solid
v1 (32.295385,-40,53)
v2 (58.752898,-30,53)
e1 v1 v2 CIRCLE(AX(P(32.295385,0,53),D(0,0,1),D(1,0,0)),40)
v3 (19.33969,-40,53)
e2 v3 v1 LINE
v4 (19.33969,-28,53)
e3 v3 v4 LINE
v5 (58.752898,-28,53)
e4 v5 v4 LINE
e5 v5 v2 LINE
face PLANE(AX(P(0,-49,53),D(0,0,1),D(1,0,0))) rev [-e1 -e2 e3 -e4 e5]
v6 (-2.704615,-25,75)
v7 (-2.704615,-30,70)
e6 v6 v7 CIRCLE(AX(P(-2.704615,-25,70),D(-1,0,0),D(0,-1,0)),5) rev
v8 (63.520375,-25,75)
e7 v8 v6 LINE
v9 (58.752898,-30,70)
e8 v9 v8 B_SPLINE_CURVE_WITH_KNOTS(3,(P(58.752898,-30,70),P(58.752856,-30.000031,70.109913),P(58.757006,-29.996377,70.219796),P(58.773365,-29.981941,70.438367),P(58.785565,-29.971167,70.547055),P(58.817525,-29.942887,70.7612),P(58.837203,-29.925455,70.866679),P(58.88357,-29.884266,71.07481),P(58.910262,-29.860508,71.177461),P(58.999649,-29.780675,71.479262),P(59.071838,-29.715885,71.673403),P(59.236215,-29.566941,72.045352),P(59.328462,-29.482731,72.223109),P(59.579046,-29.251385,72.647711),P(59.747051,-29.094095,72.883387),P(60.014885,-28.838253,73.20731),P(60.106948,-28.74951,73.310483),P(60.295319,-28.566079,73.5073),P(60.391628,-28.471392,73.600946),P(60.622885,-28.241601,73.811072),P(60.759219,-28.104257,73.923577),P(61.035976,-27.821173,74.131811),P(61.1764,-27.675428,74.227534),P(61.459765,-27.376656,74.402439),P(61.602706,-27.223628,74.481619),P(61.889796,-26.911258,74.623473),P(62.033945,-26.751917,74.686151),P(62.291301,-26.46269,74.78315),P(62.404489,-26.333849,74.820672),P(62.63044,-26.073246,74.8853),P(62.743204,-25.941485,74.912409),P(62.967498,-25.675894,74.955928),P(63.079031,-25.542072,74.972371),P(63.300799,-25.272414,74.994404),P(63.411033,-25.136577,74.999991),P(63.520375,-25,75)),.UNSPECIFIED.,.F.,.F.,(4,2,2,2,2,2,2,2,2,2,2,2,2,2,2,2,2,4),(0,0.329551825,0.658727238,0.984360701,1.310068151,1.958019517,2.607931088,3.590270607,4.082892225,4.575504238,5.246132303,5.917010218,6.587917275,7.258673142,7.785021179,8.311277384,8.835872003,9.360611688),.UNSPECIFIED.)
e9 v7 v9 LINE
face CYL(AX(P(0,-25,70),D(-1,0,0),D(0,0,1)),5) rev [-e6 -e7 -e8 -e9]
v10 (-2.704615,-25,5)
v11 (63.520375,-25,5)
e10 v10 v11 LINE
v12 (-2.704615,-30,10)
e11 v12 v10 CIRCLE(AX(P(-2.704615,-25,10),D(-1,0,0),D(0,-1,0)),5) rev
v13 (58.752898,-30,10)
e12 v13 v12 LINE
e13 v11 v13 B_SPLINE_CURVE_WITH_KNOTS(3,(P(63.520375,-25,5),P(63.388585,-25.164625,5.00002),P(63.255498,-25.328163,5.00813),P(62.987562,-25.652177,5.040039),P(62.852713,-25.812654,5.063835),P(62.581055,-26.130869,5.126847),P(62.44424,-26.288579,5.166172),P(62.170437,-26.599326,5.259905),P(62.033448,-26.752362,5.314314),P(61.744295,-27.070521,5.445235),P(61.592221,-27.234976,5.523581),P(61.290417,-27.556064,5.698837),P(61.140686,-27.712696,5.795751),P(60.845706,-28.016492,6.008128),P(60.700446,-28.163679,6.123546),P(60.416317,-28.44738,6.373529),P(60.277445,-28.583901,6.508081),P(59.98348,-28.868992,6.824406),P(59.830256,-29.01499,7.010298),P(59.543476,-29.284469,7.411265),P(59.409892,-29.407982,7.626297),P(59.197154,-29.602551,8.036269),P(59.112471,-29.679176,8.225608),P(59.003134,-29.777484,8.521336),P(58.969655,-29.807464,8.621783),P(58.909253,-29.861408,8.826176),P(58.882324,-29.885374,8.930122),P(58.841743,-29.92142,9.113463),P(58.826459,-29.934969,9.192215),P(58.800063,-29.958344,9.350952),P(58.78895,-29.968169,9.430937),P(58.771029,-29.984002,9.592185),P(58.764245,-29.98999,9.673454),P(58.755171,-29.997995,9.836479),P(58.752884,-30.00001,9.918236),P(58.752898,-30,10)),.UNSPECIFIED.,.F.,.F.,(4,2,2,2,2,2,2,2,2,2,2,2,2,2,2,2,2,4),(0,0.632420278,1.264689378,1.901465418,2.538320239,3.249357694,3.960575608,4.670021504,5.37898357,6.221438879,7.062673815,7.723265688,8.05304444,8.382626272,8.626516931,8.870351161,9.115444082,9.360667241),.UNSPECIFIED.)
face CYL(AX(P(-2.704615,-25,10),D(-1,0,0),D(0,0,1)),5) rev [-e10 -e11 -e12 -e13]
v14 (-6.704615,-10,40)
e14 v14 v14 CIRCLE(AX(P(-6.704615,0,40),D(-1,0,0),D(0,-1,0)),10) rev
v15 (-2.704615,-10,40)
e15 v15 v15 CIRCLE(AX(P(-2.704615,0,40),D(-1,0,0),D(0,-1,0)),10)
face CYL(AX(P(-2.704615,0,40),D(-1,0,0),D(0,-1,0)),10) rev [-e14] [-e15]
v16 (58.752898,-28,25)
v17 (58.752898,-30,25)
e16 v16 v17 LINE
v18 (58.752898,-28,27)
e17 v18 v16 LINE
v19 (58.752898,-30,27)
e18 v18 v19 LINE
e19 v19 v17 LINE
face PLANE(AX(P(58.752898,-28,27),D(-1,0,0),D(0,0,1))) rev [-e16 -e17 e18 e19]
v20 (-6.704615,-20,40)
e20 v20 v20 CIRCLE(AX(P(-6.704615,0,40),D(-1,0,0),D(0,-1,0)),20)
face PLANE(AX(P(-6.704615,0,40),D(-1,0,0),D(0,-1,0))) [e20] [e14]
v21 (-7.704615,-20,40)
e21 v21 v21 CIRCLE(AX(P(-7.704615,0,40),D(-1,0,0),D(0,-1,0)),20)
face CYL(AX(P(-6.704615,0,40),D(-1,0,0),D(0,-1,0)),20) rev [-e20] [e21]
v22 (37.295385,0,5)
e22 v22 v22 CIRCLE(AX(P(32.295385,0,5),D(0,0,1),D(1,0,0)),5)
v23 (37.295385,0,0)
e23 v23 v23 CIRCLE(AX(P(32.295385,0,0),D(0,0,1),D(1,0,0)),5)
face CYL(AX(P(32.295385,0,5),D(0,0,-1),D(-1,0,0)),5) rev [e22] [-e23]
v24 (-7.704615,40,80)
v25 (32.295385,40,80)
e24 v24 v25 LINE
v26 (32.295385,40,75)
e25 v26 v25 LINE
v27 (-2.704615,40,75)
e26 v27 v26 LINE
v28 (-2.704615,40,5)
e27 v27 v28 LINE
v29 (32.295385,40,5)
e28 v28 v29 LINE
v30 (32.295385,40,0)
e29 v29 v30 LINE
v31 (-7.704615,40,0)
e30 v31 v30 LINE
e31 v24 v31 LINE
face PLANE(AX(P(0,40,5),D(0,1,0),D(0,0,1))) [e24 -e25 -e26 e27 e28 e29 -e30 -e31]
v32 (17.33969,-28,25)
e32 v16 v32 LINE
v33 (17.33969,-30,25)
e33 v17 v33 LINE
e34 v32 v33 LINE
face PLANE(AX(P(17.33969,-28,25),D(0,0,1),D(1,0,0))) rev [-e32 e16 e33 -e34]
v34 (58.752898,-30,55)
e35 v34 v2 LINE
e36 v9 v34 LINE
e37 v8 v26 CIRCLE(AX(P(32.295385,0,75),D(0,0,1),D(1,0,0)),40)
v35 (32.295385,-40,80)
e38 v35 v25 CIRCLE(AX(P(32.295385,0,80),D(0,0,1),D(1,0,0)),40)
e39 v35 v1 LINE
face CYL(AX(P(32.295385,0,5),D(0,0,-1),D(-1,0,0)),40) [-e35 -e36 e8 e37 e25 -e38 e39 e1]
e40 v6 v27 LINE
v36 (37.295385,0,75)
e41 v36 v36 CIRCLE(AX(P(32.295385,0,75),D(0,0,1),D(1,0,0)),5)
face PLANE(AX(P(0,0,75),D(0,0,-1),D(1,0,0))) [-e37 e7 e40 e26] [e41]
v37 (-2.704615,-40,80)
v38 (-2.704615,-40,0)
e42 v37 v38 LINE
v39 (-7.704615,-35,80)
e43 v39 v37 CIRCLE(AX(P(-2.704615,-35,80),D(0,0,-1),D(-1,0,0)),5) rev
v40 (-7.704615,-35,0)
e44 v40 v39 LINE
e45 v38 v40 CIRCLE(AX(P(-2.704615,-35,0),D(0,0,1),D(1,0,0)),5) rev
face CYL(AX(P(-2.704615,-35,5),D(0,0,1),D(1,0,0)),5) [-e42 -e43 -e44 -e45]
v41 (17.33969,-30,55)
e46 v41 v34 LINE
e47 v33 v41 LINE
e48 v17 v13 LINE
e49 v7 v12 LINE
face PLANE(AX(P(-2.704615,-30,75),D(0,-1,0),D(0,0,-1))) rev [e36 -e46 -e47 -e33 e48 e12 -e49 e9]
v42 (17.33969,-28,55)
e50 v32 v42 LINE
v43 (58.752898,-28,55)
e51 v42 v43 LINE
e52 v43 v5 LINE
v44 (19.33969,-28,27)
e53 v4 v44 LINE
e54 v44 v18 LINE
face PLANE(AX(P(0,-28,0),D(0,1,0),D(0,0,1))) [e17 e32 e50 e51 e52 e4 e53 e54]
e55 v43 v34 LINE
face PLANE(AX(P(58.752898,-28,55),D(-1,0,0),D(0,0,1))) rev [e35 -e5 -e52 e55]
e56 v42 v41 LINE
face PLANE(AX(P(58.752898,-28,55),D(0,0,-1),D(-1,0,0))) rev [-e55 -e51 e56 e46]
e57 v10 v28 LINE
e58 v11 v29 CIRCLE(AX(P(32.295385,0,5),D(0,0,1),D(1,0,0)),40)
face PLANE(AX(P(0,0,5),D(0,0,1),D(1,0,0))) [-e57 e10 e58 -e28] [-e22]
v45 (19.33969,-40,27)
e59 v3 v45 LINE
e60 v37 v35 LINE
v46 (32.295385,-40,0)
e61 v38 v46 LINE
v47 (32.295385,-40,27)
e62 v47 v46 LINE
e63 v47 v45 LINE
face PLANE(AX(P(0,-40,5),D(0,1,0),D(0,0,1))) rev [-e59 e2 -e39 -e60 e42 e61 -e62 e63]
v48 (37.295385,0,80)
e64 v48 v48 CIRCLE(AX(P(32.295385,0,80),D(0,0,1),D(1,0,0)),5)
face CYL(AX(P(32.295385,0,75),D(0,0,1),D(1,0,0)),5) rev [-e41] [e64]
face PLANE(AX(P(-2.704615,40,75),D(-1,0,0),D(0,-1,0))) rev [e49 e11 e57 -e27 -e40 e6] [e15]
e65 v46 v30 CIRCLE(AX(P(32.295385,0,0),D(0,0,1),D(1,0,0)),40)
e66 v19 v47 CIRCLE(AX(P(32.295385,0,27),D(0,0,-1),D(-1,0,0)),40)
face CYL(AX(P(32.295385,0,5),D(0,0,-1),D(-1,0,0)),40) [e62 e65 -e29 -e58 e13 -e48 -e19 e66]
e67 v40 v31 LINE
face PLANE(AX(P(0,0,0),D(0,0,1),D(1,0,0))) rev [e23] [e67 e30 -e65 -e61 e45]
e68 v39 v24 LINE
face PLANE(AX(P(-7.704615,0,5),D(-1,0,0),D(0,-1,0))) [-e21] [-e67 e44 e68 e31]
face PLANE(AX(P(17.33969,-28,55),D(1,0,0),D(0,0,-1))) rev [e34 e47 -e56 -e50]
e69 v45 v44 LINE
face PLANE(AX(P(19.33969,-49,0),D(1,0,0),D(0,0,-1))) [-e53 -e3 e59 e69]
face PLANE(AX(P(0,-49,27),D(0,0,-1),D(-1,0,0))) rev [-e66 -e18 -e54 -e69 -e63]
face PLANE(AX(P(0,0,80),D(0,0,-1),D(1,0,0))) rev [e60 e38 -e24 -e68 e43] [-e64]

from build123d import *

# Parameters (mm, degrees)
SKETCH1_R           = 4.9999999999999964
BOSS_EXTRUDE1_DEPTH = 5
BOSS_EXTRUDE2_DEPTH = 70
BOSS_EXTRUDE3_DEPTH = 70
CUT_EXTRUDE1_DEPTH  = 5
SKETCH6_R           = 20.000000000000004
CUT_EXTRUDE2_DEPTH  = 1
CUT_EXTRUDE3_DEPTH  = 19.000000000000004
BOSS_EXTRUDE4_DEPTH = 1.9999999999999896
FILLET1_R           = 5


with BuildPart() as part:
    # Sketch1 → Boss-Extrude1 (new body)
    with BuildSketch(Plane.XY):
        with BuildLine():
            Line((-7.704615384615421, -40.00000000000001), (32.295384615384584, -40.00000000000001))
            ThreePointArc((32.295384615384584, -40.00000000000001), (72.29538461538459, 0), (32.29538461538458, 39.99999999999999))
            Line((32.29538461538458, 39.99999999999999), (-7.7046153846154315, 39.99999999999999))
            Line((-7.7046153846154315, 39.99999999999999), (-7.704615384615421, -40.00000000000001))
        make_face()
        with Locations((32.295384615384584, 0)):
            Circle(SKETCH1_R, mode=Mode.SUBTRACT)
    boss_extrude1 = extrude(amount=BOSS_EXTRUDE1_DEPTH)

    # Sketch2 → Boss-Extrude2 (add)
    with BuildSketch(Plane.XY.offset(5)):
        Polygon((-7.7046153846154315, 39.99999999999999), (-2.70461538461543, 39.99999999999999), (-2.7046153846154235, -40.00000000000001), (-7.704615384615421, -40.00000000000001), align=None)
    extrude(amount=BOSS_EXTRUDE2_DEPTH)

    # Mirror1: Boss-Extrude1 across plane
    add(boss_extrude1.mirror(Plane.XY.offset(40)))

    # Sketch4 → Boss-Extrude3 (add)
    with BuildSketch(Plane.XY.offset(5)):
        with BuildLine():
            Line((-2.7046153846154266, -40.00000000000001), (-2.7046153846154266, -30.000000000000007))
            Line((-2.7046153846154266, -30.000000000000007), (43.497251593214216, -30.000000000000007))
            Line((43.497251593214216, -30.000000000000007), (58.7528977260305, -30.000000000000007))
            ThreePointArc((58.7528977260305, -30.000000000000007), (46.43752023911554, -37.41657386773942), (32.295384615384584, -40.00000000000001))
            Line((32.295384615384584, -40.00000000000001), (-2.7046153846154266, -40.00000000000001))
        make_face()
    extrude(amount=BOSS_EXTRUDE3_DEPTH)

    # Sketch5 → Cut-Extrude1 (cut)
    with BuildSketch(Plane.ZY.offset(7.704615384615426)):
        with BuildLine():
            ThreePointArc((50.00000000000001, -1.388e-14), (43.82683432365097, 9.238795325112829), (32.92893218813463, 7.071067811865561))
            Line((32.92893218813452, 7.0710678118654755), (47.071067811865476, -7.071067811865483))
            ThreePointArc((47.0710678118656, -7.0710678118653725), (49.2387953251129, -3.826834323650836), (50.00000000000001, -1.633e-14))
        make_face()
        with BuildLine():
            Line((47.071067811865476, -7.071067811865483), (32.92893218813452, 7.0710678118654755))
            ThreePointArc((32.92893218813463, 7.071067811865561), (32.92893218813454, -7.071067811865502), (47.0710678118656, -7.0710678118653725))
        make_face()
    extrude(amount=-CUT_EXTRUDE1_DEPTH, mode=Mode.SUBTRACT)

    # Sketch6 → Cut-Extrude2 (cut)
    with BuildSketch(Plane.ZY.offset(7.704615384615426)):
        with Locations(Location((40.00000000000001, -1.388e-14, 0), (0, 0, 270))):
            Circle(SKETCH6_R)
    extrude(amount=-CUT_EXTRUDE2_DEPTH, mode=Mode.SUBTRACT)

    # Sketch7 → Cut-Extrude3 (cut)
    with BuildSketch(Plane(origin=(0, -30.000000000000007, 0), x_dir=(1, 0, 0), z_dir=(0, 1, 0))):
        Polygon((58.7528977260305, -53.00000000000001), (58.7528977260305, -40.00000000000001), (58.7528977260305, -27.000000000000004), (19.339689979409883, -27.000000000000007), (19.339689979409883, -53.00000000000001), align=None)
    extrude(amount=-CUT_EXTRUDE3_DEPTH, mode=Mode.SUBTRACT)

    # Sketch8 → Boss-Extrude4 (add)
    with BuildSketch(Plane(origin=(0, -30.000000000000007, 0), x_dir=(1, 0, 0), z_dir=(0, 1, 0))):
        Polygon((58.7528977260305, -53.00000000000001), (19.33968997940988, -53.00000000000001), (19.33968997940988, -27.000000000000007), (58.7528977260305, -27.000000000000004), (58.7528977260305, -25.000000000000007), (56.7528977260305, -25.000000000000007), (17.33968997940988, -25.000000000000007), (17.33968997940988, -55.00000000000001), (58.7528977260305, -55.00000000000001), align=None)
    extrude(amount=BOSS_EXTRUDE4_DEPTH)

    # Fillet1
    fillet1_edges = [part.edges().sort_by_distance(p)[0] for p in [
        (-7.704615384615421, -40.00000000000001, 40),
        (28.024141170707534, -30.000000000000007, 5),
        (28.024141170707537, -30.000000000000007, 75),
    ]]
    fillet(fillet1_edges, radius=FILLET1_R)


solid = part.part
